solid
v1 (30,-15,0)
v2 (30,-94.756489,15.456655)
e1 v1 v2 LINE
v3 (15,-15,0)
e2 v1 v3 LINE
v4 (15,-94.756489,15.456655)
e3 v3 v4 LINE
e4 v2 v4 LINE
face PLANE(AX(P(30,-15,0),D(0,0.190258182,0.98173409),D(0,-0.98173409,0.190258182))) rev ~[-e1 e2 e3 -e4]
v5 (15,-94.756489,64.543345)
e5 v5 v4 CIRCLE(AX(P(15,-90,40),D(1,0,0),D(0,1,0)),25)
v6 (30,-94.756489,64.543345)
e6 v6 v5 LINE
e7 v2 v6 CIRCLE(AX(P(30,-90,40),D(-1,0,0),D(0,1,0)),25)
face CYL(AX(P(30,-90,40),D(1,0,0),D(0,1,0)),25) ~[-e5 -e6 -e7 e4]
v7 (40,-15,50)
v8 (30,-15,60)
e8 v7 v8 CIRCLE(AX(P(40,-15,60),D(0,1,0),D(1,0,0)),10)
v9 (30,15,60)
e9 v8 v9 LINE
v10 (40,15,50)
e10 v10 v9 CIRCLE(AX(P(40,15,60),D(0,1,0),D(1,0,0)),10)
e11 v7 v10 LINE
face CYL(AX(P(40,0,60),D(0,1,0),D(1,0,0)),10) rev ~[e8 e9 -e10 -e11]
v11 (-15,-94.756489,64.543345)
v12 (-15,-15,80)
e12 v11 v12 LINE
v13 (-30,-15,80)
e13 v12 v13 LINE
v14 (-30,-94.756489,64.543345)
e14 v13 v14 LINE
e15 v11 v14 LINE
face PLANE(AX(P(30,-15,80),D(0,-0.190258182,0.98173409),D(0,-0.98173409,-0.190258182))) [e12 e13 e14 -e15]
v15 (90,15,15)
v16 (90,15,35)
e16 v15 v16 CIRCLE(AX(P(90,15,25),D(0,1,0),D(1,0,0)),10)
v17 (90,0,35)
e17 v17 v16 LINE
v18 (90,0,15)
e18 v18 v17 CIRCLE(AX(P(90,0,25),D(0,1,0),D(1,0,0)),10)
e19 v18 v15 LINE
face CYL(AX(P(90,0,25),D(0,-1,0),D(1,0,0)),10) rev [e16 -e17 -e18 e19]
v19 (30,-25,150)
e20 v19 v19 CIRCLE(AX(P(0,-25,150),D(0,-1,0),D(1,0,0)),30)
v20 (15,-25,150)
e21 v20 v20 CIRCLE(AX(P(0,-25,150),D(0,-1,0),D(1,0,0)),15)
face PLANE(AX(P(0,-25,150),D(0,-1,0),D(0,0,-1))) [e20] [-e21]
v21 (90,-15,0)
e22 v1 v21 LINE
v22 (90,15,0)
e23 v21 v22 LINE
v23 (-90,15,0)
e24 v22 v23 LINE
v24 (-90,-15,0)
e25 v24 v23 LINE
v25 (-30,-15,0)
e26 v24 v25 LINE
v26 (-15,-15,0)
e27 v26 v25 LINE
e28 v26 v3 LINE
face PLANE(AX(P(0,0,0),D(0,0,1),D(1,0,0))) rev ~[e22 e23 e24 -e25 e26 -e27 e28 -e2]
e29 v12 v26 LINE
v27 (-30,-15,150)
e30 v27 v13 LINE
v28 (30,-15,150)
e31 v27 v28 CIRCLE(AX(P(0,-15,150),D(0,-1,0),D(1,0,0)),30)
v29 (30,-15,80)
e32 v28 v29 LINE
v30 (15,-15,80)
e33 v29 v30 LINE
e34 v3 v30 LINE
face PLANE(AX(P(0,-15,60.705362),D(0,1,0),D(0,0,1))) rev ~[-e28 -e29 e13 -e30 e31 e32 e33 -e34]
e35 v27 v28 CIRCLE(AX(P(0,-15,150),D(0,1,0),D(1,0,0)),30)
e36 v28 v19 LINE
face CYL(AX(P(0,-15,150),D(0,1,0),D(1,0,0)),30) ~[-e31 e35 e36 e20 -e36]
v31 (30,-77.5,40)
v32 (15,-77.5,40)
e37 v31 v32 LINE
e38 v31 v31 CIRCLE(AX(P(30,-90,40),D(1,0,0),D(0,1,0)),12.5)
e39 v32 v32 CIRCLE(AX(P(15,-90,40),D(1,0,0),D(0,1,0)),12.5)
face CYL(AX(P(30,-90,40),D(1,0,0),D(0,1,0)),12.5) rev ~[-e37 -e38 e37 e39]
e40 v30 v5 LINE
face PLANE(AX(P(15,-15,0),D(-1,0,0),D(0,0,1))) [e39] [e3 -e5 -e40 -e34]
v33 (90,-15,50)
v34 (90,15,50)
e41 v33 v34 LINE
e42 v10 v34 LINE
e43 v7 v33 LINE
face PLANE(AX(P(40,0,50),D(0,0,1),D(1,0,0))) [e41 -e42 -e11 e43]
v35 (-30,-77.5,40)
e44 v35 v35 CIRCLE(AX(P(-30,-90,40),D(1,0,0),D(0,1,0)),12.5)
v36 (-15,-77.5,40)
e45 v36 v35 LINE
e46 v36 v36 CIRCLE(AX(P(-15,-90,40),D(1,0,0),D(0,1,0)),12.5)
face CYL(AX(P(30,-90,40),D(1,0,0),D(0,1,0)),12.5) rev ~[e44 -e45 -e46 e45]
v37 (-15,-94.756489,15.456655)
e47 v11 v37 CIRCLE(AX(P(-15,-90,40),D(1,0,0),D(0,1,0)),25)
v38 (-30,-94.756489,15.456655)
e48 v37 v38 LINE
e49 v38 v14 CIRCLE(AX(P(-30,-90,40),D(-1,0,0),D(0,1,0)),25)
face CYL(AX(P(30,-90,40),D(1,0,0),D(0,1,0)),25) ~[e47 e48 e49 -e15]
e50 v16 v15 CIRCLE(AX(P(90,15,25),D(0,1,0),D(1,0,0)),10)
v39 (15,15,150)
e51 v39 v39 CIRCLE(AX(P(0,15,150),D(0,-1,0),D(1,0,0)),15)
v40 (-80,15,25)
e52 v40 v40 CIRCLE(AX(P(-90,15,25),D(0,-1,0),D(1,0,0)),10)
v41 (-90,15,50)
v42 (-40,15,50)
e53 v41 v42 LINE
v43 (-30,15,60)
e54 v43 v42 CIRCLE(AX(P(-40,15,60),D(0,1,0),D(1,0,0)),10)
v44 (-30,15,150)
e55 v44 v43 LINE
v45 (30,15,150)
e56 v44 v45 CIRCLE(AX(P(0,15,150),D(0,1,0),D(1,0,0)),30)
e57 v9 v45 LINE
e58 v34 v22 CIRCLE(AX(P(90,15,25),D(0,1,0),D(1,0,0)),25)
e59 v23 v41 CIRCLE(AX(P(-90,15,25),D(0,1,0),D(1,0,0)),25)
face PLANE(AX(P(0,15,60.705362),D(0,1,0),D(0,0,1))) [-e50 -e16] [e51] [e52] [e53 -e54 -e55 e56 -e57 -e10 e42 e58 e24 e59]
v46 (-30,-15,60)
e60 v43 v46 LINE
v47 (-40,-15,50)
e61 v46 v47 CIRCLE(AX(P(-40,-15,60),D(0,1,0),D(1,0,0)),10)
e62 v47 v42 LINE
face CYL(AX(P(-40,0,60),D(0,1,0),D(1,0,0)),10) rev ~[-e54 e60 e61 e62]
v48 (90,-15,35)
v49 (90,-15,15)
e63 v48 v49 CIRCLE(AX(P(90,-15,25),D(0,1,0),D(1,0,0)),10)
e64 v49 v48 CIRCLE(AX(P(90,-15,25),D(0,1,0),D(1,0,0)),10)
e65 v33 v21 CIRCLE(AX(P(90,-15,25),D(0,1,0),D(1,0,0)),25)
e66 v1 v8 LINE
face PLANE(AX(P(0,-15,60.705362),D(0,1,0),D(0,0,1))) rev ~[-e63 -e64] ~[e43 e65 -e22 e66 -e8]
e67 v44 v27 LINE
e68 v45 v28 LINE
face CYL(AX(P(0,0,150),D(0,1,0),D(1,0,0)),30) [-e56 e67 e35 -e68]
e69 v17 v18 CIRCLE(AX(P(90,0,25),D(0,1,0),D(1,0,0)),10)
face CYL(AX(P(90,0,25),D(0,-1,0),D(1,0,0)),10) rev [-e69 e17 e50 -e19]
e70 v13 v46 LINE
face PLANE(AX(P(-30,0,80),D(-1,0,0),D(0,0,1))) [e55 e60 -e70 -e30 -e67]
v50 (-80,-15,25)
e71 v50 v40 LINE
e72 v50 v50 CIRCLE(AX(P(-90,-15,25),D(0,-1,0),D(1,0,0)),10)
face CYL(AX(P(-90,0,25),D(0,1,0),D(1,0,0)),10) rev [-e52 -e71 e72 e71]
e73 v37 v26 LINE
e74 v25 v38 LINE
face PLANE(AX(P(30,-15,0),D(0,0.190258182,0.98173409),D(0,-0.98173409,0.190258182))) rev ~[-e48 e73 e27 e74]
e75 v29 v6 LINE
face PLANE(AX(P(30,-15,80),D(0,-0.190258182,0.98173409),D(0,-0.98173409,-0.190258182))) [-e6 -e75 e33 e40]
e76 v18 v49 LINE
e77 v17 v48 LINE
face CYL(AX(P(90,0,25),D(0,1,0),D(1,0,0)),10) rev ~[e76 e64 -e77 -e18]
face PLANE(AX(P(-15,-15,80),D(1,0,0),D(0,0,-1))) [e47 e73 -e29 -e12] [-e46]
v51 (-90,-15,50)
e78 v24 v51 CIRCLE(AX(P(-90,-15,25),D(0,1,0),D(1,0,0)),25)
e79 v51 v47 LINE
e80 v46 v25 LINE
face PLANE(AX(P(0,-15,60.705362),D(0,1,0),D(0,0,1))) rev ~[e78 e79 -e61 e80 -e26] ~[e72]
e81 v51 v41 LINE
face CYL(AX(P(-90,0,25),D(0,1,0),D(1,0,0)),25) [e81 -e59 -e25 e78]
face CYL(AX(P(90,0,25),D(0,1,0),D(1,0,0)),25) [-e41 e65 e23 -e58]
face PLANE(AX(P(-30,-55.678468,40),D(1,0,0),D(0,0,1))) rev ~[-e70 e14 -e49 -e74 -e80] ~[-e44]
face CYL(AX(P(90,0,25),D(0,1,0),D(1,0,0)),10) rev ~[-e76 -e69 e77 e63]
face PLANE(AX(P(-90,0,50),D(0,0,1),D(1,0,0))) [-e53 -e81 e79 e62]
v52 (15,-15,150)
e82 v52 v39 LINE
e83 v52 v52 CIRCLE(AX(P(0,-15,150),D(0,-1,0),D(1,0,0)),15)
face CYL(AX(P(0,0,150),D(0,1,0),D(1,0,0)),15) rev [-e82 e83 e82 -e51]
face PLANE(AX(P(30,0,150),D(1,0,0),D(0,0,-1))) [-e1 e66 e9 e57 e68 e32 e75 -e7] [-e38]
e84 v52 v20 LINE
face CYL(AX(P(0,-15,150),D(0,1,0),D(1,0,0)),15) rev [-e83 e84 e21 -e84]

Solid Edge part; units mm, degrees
sketch "Sketch1" plane through (0, 0, 0) normal (0, -1, 0) x (1, 0, 0)
  line L0 (30, 150) -> (30, 80)
  line L1 (30, 80) -> (30, 60)
  line L2 (40, 50) -> (90, 50)
  line L3 (0, 0) -> (90, 0)
  line L4 (0, 0) -> (-90, 0)
  line L5 (-90, 50) -> (-40, 50)
  line L6 (-30, 60) -> (-30, 80)
  line L7 (-30, 80) -> (-30, 150)
  arc A0 (40, 50) -> (30, 60) centre (40, 60) cw
  arc A1 (90, 50) -> (90, 0) centre (90, 25) cw
  arc A2 (-90, 0) -> (-90, 50) centre (-90, 25) cw
  arc A3 (-30, 60) -> (-40, 50) centre (-40, 60) cw
  arc A4 (-30, 150) -> (30, 150) centre (0, 150) cw
  circle A5 centre (0, 150) radius 15
  circle A6 centre (-90, 25) radius 10
  arc A7 (90, 15) -> (90, 35) centre (90, 25) cw
  arc A8 (90, 35) -> (90, 15) centre (90, 25) cw
extrude "Protrusion1" add sketch "Sketch1" along normal mid plane 30
sketch "Sketch2" plane through (0, -15, 90) normal (0, -1, 0) x (1, 0, 0)
  circle A0 centre (0, 60) radius 30
  circle A1 centre (0, 60) radius 15
extrude "ExtrudedProtrusion_2" add sketch "Sketch2" along normal blind 10
sketch "Sketch3" plane through (30, 0, 0) normal (1, 0, 0) x (0, 1, 0)
  line L0 (-15, 80) -> (-94.7565, 64.5434)
  line L1 (-15, 40) -> (-15, 80)
  line L2 (-15, 0) -> (-15, 40)
  line L3 (-15, 0) -> (-94.7565, 15.4566)
  arc A0 (-94.7565, 15.4567) -> (-94.7565, 64.5433) centre (-90, 40) cw
  circle A1 centre (-90, 40) radius 12.5
extrude "Protrusion2" add sketch "Sketch3" against normal up to vertex (60 mm away)
sketch "Sketch4" plane through (0, -15, 115) normal (0, -1, 0) x (1, 0, 0)
  line L0 (-15, -35) -> (-15, -115)
  line L1 (-15, -115) -> (15, -115)
  line L2 (15, -115) -> (15, -35)
  line L3 (-15, -35) -> (15, -35)
extrude "ExtrudedCutout_1" cut sketch "Sketch4" along normal blind 222.03
